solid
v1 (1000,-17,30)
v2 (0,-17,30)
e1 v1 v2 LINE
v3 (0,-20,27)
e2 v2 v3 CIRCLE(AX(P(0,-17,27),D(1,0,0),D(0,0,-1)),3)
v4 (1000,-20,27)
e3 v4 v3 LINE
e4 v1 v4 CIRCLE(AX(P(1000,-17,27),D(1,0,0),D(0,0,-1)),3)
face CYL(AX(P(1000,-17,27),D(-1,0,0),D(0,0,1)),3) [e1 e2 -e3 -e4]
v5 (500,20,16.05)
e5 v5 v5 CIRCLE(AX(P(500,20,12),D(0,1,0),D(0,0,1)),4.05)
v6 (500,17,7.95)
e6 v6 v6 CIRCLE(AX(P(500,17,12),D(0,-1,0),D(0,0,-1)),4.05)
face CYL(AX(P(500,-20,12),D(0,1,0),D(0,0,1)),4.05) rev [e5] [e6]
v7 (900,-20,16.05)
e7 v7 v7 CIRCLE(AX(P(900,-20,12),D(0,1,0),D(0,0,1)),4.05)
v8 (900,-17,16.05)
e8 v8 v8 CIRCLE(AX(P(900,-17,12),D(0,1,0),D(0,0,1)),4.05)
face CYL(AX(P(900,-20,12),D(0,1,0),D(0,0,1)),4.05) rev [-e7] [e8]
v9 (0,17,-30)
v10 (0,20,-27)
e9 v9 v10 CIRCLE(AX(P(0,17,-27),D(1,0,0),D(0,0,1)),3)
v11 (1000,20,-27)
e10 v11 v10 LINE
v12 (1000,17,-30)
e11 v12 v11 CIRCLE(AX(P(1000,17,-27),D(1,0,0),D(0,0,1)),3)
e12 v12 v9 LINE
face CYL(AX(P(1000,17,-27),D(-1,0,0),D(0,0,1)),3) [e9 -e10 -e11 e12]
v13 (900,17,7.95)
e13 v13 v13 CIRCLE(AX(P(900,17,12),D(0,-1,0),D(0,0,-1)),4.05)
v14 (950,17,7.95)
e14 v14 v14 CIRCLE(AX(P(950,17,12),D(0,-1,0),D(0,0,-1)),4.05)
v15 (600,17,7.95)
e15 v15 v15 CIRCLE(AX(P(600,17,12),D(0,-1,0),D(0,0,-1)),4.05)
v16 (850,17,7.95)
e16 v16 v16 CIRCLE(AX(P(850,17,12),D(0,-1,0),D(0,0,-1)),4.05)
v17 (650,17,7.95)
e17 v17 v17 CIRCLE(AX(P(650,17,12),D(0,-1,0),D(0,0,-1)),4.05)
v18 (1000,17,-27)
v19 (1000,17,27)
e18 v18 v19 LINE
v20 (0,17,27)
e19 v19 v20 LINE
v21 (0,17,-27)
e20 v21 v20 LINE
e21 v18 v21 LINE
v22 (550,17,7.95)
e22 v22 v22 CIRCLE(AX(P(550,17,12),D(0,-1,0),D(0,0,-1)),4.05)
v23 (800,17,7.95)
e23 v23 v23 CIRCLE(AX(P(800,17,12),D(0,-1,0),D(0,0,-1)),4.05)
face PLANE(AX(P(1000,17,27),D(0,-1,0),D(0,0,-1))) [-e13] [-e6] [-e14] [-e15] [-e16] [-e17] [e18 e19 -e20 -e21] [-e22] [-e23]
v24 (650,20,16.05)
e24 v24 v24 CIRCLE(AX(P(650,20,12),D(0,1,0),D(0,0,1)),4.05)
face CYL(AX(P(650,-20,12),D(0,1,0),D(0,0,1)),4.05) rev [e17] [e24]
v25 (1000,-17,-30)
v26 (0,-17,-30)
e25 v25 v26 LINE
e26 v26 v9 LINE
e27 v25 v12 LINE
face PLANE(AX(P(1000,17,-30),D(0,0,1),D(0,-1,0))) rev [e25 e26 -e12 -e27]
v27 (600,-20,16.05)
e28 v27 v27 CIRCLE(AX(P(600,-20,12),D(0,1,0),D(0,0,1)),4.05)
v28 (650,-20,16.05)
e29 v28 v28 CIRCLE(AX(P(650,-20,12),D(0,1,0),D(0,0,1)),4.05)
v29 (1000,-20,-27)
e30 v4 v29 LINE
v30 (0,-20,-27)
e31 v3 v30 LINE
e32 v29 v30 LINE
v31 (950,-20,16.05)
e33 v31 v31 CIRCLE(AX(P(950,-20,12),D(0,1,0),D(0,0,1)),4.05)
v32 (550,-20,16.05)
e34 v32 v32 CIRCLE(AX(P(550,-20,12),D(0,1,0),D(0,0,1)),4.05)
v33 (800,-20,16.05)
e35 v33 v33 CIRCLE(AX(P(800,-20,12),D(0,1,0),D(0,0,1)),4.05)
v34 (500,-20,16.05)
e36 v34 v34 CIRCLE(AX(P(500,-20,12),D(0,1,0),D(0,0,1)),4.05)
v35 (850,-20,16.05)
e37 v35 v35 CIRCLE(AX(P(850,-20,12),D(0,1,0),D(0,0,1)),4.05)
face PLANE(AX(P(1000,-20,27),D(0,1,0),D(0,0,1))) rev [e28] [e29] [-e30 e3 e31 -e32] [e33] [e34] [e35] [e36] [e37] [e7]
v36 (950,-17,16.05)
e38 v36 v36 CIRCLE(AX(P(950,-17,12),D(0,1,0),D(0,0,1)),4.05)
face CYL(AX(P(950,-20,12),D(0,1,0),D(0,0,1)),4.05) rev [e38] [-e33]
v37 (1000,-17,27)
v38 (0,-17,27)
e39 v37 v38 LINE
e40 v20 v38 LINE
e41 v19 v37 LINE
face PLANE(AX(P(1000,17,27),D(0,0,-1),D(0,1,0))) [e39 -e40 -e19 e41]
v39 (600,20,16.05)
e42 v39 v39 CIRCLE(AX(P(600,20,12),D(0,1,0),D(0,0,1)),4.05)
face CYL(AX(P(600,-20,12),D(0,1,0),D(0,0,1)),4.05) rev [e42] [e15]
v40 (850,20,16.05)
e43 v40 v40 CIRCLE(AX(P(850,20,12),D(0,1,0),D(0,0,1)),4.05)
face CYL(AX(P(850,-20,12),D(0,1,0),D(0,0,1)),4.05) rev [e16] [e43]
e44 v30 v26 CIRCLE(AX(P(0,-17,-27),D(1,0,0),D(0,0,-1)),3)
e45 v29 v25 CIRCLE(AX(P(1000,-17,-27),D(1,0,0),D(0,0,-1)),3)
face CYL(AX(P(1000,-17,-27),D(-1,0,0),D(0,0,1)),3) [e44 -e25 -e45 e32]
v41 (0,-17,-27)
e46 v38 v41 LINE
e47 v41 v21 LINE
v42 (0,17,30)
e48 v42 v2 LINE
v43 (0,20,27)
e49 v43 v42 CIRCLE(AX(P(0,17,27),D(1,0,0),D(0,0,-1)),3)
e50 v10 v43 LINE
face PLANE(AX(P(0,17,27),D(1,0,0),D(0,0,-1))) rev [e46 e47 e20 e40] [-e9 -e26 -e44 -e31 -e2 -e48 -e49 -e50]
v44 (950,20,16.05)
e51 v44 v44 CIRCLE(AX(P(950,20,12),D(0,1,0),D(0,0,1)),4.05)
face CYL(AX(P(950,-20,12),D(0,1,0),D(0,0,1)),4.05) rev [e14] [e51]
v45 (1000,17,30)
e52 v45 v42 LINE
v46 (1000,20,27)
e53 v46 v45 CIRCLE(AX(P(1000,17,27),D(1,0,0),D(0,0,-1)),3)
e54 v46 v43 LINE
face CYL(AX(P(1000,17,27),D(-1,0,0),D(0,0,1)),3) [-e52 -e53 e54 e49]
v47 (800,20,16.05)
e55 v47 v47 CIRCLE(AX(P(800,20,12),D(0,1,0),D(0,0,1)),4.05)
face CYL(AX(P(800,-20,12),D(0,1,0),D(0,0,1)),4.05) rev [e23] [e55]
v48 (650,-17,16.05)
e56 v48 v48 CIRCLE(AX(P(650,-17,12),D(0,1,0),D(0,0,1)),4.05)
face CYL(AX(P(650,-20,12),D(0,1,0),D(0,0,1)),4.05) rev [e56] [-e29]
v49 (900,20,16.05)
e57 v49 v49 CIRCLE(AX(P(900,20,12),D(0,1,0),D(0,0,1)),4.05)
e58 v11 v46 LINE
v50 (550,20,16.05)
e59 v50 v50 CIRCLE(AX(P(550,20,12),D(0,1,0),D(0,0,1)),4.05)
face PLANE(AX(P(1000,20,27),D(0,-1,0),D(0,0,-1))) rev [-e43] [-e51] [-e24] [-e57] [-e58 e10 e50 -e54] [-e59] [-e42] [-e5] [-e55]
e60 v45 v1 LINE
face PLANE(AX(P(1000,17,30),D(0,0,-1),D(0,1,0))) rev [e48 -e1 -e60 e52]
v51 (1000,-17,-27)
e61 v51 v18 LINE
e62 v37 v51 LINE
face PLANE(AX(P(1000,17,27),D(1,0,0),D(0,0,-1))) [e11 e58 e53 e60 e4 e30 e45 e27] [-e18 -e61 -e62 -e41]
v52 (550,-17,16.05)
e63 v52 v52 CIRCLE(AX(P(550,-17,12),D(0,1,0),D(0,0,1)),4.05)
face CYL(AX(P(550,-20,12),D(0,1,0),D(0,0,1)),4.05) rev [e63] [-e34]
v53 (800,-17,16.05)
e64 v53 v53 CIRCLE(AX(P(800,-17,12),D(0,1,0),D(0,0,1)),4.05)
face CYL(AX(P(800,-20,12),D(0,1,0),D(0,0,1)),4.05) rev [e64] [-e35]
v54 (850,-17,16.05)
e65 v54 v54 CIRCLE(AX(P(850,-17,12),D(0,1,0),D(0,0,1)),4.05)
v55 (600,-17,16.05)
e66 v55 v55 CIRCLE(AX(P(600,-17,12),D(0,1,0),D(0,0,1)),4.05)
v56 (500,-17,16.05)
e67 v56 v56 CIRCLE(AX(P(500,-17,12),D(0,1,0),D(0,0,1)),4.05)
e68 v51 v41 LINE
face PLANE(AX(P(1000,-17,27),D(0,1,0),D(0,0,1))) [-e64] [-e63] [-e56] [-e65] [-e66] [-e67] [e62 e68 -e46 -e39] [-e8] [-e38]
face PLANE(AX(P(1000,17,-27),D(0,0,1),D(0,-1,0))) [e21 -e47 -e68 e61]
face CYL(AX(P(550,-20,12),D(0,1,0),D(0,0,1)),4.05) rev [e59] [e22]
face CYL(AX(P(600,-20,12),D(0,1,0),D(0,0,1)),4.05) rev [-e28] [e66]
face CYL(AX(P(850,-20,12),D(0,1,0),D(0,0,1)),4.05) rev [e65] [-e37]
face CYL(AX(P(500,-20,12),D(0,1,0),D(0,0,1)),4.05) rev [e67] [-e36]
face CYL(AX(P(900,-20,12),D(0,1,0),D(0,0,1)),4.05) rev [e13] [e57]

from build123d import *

# Parameters (mm, degrees)
SKETCH_1_W          = 54
SKETCH_1_H          = 34
EXTRUDE_1_DEPTH     = 1000
SKETCH_2_R          = 4.05
CUT_EXTRUDE_1_DEPTH = 41


with BuildPart() as part:
    # Эскиз1 → Вытянуть-Тонкостенный1 (new body)
    with BuildSketch(Plane(origin=(0, 0, 0), x_dir=(0, 0, -1), z_dir=(1, 0, 0))):
        with BuildLine():
            Line((30, 17), (30, -17))
            ThreePointArc((30, -17), (29.121320344, -19.121320344), (27, -20))
            Line((27, -20), (-27, -20))
            ThreePointArc((-27, -20), (-29.121320344, -19.121320344), (-30, -17))
            Line((-30, -17), (-30, 17))
            ThreePointArc((-30, 17), (-29.121320344, 19.121320344), (-27, 20))
            Line((-27, 20), (27, 20))
            ThreePointArc((27, 20), (29.121320344, 19.121320344), (30, 17))
        make_face()
        Rectangle(SKETCH_1_W, SKETCH_1_H, mode=Mode.SUBTRACT)
    extrude(amount=EXTRUDE_1_DEPTH)

    # Эскиз2 → Вырез-Вытянуть1 (cut, through all)
    with BuildSketch(Plane(origin=(0, 20, 0), x_dir=(1, 0, 0), z_dir=(0, 1, 0))):
        with Locations((950, -12)):
            Circle(SKETCH_2_R)
        with Locations((900, -12)):
            Circle(SKETCH_2_R)
        with Locations((850, -12)):
            Circle(SKETCH_2_R)
        with Locations((800, -12)):
            Circle(SKETCH_2_R)
        with Locations((650, -12)):
            Circle(SKETCH_2_R)
        with Locations((600, -12)):
            Circle(SKETCH_2_R)
        with Locations((550, -12)):
            Circle(SKETCH_2_R)
        with Locations((500, -12)):
            Circle(SKETCH_2_R)
    extrude(amount=-CUT_EXTRUDE_1_DEPTH, mode=Mode.SUBTRACT)


solid = part.part
